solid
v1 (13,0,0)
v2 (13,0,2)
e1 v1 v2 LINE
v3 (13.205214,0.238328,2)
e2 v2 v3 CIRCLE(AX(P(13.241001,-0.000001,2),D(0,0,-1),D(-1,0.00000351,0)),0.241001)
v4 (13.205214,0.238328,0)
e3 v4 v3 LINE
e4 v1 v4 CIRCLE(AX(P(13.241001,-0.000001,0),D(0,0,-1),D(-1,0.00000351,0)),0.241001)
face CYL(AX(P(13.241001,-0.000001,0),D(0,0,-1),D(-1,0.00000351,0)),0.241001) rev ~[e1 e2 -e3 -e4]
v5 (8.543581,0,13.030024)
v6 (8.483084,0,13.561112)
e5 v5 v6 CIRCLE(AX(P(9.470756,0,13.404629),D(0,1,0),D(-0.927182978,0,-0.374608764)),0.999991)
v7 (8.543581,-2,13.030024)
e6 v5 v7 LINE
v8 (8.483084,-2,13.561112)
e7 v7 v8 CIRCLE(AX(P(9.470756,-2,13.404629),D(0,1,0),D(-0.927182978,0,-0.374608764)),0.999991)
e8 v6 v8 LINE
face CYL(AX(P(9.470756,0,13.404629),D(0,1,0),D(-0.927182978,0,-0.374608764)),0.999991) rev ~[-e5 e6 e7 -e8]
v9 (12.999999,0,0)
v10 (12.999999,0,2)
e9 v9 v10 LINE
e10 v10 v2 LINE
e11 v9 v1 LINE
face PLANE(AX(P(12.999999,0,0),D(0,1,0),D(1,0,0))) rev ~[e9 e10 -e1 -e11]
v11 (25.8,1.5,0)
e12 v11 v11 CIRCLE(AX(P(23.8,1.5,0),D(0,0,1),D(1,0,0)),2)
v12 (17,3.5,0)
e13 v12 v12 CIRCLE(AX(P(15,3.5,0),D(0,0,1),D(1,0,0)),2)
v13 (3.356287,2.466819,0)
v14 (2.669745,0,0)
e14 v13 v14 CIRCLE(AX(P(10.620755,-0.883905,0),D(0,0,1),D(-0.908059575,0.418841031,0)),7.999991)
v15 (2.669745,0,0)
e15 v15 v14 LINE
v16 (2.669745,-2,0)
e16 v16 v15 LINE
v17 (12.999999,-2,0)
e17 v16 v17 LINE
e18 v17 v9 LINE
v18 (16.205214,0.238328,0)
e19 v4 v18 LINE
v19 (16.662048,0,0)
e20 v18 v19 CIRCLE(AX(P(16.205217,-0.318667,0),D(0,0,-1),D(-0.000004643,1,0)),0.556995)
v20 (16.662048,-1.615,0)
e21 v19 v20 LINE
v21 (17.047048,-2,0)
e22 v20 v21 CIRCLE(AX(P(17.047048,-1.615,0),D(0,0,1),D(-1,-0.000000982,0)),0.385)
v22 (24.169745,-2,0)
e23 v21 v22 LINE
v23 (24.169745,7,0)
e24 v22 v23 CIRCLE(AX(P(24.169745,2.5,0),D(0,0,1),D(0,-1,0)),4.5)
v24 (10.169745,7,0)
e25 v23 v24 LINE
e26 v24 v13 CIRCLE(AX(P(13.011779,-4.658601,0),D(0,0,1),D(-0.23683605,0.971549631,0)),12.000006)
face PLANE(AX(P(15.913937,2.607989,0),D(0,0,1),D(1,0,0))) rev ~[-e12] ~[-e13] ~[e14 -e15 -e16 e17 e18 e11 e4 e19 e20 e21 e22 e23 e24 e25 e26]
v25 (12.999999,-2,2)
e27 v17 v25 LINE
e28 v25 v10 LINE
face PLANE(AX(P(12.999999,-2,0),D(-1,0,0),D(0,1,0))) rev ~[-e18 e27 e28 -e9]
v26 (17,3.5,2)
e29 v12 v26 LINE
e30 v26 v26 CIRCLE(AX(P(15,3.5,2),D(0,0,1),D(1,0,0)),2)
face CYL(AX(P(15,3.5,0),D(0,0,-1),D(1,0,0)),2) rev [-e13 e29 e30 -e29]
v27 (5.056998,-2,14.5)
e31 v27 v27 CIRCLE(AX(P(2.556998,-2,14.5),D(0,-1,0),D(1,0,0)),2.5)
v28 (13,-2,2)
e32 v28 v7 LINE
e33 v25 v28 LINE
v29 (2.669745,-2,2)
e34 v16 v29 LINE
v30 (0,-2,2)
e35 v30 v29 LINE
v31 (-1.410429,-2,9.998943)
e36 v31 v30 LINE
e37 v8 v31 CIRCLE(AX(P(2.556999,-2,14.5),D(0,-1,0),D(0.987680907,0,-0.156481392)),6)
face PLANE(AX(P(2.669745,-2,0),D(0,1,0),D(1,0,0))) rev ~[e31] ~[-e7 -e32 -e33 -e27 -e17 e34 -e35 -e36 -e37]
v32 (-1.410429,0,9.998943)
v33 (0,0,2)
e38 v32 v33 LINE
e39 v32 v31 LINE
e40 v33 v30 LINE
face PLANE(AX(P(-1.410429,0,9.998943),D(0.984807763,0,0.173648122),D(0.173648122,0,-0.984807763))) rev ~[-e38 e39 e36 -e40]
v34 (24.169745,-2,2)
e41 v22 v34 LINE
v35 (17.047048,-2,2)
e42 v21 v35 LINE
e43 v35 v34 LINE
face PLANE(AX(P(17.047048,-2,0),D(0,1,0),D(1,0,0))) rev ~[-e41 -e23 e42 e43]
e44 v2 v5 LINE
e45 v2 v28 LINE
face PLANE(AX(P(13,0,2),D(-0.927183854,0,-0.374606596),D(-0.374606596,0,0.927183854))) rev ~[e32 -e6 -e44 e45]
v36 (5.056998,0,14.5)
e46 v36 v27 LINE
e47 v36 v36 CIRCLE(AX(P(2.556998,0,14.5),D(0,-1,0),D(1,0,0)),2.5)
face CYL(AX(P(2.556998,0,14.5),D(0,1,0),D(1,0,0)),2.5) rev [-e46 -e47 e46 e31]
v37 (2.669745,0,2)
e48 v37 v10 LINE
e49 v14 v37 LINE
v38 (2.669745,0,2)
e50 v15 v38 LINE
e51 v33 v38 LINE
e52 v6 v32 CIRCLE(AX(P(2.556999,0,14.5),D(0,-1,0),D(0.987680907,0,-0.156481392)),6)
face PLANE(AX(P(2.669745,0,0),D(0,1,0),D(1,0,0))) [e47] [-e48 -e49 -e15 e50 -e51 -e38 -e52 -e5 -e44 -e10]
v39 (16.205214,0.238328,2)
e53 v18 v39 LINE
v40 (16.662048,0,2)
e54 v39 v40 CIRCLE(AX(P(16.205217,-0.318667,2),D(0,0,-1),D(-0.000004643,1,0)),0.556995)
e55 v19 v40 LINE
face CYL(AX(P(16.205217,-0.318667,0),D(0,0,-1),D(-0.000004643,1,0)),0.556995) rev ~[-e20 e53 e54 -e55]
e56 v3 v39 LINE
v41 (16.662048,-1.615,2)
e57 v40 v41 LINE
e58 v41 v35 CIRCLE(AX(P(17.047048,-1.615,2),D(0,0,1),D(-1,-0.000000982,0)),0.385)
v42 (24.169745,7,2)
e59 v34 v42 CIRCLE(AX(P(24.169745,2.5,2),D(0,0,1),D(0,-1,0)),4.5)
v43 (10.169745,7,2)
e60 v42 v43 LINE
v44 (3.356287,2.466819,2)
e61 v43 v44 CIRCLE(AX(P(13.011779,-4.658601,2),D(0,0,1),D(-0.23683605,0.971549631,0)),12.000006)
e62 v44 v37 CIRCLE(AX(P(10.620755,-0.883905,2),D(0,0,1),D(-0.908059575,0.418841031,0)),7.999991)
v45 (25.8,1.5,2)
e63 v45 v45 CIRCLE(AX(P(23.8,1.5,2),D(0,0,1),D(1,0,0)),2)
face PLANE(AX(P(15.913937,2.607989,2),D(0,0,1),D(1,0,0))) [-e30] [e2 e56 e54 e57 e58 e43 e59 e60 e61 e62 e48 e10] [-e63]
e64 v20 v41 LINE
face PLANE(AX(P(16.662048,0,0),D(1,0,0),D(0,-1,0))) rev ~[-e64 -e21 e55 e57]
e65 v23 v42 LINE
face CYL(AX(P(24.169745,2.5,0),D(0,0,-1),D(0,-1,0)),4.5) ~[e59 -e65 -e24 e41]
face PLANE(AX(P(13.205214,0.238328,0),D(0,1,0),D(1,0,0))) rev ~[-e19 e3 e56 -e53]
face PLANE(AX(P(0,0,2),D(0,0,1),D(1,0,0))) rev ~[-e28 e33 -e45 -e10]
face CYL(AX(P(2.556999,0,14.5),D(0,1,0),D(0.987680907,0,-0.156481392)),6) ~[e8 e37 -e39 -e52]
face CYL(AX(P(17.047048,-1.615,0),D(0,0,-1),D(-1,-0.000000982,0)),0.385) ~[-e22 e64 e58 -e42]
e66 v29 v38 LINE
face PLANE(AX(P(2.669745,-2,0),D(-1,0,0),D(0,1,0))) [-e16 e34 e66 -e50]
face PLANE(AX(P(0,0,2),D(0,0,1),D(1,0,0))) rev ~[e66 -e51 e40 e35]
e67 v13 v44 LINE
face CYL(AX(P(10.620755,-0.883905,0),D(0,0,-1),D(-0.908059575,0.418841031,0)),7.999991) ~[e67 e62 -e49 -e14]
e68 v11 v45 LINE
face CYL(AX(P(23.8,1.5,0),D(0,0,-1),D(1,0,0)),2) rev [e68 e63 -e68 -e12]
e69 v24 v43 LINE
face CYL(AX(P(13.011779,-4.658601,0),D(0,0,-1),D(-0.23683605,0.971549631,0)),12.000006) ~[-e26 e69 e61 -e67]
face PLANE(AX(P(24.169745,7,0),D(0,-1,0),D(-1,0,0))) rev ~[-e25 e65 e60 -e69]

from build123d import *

# Parameters (mm, degrees)
F0_R     = 2.5
F1_DEPTH = 2
F2_R     = 2
F2_W     = 10.330255
F2_H     = 2
F3_DEPTH = 2


with BuildPart() as f1:
    # F0 (on Front) → F1 (new body)
    with BuildSketch(Plane.XZ):
        with BuildLine():
            Line((-1.410429, 9.998943), (0, 2))
            Line((0, 2), (13, 2))
            Line((13, 2), (8.543581, 13.030024))
            ThreePointArc((8.543581, 13.030024), (8.47719, 13.291451), (8.483084, 13.561112))
            ThreePointArc((8.483084, 13.561112), (0.524427, 20.145233), (-1.410429, 9.998943))
        make_face()
        with Locations((2.556998, 14.5)):
            Circle(F0_R, mode=Mode.SUBTRACT)
    extrude(amount=F1_DEPTH)

    # F2 (on Top) → F3 (join)
    with BuildSketch(Plane.XY):
        with BuildLine():
            Line((24.169745, 7), (10.169745, 7))
            ThreePointArc((10.169745, 7), (6.364639, 5.332178), (3.356287, 2.466819))
            ThreePointArc((3.356287, 2.466819), (2.913681, 1.261056), (2.669745, 0))
            Line((2.669745, 0), (13, 0))
            ThreePointArc((13, 0), (13.058373, 0.157252), (13.205214, 0.238328))
            Line((13.205214, 0.238328), (16.205214, 0.238328))
            ThreePointArc((16.205214, 0.238328), (16.462847, 0.175165), (16.662048, 0))
            Line((16.662048, 0), (16.662048, -1.615))
            ThreePointArc((16.662048, -1.615), (16.774812, -1.887236), (17.047048, -2))
            Line((17.047048, -2), (24.169745, -2))
            ThreePointArc((24.169745, -2), (28.669745, 2.5), (24.169745, 7))
        make_face()
        with Locations((23.8, 1.5)):
            Circle(F2_R, mode=Mode.SUBTRACT)
        with Locations((15, 3.5)):
            Circle(F2_R, mode=Mode.SUBTRACT)
        with Locations((7.834872, -1)):
            Rectangle(F2_W, F2_H)
    extrude(amount=F3_DEPTH)


solid = f1.part
